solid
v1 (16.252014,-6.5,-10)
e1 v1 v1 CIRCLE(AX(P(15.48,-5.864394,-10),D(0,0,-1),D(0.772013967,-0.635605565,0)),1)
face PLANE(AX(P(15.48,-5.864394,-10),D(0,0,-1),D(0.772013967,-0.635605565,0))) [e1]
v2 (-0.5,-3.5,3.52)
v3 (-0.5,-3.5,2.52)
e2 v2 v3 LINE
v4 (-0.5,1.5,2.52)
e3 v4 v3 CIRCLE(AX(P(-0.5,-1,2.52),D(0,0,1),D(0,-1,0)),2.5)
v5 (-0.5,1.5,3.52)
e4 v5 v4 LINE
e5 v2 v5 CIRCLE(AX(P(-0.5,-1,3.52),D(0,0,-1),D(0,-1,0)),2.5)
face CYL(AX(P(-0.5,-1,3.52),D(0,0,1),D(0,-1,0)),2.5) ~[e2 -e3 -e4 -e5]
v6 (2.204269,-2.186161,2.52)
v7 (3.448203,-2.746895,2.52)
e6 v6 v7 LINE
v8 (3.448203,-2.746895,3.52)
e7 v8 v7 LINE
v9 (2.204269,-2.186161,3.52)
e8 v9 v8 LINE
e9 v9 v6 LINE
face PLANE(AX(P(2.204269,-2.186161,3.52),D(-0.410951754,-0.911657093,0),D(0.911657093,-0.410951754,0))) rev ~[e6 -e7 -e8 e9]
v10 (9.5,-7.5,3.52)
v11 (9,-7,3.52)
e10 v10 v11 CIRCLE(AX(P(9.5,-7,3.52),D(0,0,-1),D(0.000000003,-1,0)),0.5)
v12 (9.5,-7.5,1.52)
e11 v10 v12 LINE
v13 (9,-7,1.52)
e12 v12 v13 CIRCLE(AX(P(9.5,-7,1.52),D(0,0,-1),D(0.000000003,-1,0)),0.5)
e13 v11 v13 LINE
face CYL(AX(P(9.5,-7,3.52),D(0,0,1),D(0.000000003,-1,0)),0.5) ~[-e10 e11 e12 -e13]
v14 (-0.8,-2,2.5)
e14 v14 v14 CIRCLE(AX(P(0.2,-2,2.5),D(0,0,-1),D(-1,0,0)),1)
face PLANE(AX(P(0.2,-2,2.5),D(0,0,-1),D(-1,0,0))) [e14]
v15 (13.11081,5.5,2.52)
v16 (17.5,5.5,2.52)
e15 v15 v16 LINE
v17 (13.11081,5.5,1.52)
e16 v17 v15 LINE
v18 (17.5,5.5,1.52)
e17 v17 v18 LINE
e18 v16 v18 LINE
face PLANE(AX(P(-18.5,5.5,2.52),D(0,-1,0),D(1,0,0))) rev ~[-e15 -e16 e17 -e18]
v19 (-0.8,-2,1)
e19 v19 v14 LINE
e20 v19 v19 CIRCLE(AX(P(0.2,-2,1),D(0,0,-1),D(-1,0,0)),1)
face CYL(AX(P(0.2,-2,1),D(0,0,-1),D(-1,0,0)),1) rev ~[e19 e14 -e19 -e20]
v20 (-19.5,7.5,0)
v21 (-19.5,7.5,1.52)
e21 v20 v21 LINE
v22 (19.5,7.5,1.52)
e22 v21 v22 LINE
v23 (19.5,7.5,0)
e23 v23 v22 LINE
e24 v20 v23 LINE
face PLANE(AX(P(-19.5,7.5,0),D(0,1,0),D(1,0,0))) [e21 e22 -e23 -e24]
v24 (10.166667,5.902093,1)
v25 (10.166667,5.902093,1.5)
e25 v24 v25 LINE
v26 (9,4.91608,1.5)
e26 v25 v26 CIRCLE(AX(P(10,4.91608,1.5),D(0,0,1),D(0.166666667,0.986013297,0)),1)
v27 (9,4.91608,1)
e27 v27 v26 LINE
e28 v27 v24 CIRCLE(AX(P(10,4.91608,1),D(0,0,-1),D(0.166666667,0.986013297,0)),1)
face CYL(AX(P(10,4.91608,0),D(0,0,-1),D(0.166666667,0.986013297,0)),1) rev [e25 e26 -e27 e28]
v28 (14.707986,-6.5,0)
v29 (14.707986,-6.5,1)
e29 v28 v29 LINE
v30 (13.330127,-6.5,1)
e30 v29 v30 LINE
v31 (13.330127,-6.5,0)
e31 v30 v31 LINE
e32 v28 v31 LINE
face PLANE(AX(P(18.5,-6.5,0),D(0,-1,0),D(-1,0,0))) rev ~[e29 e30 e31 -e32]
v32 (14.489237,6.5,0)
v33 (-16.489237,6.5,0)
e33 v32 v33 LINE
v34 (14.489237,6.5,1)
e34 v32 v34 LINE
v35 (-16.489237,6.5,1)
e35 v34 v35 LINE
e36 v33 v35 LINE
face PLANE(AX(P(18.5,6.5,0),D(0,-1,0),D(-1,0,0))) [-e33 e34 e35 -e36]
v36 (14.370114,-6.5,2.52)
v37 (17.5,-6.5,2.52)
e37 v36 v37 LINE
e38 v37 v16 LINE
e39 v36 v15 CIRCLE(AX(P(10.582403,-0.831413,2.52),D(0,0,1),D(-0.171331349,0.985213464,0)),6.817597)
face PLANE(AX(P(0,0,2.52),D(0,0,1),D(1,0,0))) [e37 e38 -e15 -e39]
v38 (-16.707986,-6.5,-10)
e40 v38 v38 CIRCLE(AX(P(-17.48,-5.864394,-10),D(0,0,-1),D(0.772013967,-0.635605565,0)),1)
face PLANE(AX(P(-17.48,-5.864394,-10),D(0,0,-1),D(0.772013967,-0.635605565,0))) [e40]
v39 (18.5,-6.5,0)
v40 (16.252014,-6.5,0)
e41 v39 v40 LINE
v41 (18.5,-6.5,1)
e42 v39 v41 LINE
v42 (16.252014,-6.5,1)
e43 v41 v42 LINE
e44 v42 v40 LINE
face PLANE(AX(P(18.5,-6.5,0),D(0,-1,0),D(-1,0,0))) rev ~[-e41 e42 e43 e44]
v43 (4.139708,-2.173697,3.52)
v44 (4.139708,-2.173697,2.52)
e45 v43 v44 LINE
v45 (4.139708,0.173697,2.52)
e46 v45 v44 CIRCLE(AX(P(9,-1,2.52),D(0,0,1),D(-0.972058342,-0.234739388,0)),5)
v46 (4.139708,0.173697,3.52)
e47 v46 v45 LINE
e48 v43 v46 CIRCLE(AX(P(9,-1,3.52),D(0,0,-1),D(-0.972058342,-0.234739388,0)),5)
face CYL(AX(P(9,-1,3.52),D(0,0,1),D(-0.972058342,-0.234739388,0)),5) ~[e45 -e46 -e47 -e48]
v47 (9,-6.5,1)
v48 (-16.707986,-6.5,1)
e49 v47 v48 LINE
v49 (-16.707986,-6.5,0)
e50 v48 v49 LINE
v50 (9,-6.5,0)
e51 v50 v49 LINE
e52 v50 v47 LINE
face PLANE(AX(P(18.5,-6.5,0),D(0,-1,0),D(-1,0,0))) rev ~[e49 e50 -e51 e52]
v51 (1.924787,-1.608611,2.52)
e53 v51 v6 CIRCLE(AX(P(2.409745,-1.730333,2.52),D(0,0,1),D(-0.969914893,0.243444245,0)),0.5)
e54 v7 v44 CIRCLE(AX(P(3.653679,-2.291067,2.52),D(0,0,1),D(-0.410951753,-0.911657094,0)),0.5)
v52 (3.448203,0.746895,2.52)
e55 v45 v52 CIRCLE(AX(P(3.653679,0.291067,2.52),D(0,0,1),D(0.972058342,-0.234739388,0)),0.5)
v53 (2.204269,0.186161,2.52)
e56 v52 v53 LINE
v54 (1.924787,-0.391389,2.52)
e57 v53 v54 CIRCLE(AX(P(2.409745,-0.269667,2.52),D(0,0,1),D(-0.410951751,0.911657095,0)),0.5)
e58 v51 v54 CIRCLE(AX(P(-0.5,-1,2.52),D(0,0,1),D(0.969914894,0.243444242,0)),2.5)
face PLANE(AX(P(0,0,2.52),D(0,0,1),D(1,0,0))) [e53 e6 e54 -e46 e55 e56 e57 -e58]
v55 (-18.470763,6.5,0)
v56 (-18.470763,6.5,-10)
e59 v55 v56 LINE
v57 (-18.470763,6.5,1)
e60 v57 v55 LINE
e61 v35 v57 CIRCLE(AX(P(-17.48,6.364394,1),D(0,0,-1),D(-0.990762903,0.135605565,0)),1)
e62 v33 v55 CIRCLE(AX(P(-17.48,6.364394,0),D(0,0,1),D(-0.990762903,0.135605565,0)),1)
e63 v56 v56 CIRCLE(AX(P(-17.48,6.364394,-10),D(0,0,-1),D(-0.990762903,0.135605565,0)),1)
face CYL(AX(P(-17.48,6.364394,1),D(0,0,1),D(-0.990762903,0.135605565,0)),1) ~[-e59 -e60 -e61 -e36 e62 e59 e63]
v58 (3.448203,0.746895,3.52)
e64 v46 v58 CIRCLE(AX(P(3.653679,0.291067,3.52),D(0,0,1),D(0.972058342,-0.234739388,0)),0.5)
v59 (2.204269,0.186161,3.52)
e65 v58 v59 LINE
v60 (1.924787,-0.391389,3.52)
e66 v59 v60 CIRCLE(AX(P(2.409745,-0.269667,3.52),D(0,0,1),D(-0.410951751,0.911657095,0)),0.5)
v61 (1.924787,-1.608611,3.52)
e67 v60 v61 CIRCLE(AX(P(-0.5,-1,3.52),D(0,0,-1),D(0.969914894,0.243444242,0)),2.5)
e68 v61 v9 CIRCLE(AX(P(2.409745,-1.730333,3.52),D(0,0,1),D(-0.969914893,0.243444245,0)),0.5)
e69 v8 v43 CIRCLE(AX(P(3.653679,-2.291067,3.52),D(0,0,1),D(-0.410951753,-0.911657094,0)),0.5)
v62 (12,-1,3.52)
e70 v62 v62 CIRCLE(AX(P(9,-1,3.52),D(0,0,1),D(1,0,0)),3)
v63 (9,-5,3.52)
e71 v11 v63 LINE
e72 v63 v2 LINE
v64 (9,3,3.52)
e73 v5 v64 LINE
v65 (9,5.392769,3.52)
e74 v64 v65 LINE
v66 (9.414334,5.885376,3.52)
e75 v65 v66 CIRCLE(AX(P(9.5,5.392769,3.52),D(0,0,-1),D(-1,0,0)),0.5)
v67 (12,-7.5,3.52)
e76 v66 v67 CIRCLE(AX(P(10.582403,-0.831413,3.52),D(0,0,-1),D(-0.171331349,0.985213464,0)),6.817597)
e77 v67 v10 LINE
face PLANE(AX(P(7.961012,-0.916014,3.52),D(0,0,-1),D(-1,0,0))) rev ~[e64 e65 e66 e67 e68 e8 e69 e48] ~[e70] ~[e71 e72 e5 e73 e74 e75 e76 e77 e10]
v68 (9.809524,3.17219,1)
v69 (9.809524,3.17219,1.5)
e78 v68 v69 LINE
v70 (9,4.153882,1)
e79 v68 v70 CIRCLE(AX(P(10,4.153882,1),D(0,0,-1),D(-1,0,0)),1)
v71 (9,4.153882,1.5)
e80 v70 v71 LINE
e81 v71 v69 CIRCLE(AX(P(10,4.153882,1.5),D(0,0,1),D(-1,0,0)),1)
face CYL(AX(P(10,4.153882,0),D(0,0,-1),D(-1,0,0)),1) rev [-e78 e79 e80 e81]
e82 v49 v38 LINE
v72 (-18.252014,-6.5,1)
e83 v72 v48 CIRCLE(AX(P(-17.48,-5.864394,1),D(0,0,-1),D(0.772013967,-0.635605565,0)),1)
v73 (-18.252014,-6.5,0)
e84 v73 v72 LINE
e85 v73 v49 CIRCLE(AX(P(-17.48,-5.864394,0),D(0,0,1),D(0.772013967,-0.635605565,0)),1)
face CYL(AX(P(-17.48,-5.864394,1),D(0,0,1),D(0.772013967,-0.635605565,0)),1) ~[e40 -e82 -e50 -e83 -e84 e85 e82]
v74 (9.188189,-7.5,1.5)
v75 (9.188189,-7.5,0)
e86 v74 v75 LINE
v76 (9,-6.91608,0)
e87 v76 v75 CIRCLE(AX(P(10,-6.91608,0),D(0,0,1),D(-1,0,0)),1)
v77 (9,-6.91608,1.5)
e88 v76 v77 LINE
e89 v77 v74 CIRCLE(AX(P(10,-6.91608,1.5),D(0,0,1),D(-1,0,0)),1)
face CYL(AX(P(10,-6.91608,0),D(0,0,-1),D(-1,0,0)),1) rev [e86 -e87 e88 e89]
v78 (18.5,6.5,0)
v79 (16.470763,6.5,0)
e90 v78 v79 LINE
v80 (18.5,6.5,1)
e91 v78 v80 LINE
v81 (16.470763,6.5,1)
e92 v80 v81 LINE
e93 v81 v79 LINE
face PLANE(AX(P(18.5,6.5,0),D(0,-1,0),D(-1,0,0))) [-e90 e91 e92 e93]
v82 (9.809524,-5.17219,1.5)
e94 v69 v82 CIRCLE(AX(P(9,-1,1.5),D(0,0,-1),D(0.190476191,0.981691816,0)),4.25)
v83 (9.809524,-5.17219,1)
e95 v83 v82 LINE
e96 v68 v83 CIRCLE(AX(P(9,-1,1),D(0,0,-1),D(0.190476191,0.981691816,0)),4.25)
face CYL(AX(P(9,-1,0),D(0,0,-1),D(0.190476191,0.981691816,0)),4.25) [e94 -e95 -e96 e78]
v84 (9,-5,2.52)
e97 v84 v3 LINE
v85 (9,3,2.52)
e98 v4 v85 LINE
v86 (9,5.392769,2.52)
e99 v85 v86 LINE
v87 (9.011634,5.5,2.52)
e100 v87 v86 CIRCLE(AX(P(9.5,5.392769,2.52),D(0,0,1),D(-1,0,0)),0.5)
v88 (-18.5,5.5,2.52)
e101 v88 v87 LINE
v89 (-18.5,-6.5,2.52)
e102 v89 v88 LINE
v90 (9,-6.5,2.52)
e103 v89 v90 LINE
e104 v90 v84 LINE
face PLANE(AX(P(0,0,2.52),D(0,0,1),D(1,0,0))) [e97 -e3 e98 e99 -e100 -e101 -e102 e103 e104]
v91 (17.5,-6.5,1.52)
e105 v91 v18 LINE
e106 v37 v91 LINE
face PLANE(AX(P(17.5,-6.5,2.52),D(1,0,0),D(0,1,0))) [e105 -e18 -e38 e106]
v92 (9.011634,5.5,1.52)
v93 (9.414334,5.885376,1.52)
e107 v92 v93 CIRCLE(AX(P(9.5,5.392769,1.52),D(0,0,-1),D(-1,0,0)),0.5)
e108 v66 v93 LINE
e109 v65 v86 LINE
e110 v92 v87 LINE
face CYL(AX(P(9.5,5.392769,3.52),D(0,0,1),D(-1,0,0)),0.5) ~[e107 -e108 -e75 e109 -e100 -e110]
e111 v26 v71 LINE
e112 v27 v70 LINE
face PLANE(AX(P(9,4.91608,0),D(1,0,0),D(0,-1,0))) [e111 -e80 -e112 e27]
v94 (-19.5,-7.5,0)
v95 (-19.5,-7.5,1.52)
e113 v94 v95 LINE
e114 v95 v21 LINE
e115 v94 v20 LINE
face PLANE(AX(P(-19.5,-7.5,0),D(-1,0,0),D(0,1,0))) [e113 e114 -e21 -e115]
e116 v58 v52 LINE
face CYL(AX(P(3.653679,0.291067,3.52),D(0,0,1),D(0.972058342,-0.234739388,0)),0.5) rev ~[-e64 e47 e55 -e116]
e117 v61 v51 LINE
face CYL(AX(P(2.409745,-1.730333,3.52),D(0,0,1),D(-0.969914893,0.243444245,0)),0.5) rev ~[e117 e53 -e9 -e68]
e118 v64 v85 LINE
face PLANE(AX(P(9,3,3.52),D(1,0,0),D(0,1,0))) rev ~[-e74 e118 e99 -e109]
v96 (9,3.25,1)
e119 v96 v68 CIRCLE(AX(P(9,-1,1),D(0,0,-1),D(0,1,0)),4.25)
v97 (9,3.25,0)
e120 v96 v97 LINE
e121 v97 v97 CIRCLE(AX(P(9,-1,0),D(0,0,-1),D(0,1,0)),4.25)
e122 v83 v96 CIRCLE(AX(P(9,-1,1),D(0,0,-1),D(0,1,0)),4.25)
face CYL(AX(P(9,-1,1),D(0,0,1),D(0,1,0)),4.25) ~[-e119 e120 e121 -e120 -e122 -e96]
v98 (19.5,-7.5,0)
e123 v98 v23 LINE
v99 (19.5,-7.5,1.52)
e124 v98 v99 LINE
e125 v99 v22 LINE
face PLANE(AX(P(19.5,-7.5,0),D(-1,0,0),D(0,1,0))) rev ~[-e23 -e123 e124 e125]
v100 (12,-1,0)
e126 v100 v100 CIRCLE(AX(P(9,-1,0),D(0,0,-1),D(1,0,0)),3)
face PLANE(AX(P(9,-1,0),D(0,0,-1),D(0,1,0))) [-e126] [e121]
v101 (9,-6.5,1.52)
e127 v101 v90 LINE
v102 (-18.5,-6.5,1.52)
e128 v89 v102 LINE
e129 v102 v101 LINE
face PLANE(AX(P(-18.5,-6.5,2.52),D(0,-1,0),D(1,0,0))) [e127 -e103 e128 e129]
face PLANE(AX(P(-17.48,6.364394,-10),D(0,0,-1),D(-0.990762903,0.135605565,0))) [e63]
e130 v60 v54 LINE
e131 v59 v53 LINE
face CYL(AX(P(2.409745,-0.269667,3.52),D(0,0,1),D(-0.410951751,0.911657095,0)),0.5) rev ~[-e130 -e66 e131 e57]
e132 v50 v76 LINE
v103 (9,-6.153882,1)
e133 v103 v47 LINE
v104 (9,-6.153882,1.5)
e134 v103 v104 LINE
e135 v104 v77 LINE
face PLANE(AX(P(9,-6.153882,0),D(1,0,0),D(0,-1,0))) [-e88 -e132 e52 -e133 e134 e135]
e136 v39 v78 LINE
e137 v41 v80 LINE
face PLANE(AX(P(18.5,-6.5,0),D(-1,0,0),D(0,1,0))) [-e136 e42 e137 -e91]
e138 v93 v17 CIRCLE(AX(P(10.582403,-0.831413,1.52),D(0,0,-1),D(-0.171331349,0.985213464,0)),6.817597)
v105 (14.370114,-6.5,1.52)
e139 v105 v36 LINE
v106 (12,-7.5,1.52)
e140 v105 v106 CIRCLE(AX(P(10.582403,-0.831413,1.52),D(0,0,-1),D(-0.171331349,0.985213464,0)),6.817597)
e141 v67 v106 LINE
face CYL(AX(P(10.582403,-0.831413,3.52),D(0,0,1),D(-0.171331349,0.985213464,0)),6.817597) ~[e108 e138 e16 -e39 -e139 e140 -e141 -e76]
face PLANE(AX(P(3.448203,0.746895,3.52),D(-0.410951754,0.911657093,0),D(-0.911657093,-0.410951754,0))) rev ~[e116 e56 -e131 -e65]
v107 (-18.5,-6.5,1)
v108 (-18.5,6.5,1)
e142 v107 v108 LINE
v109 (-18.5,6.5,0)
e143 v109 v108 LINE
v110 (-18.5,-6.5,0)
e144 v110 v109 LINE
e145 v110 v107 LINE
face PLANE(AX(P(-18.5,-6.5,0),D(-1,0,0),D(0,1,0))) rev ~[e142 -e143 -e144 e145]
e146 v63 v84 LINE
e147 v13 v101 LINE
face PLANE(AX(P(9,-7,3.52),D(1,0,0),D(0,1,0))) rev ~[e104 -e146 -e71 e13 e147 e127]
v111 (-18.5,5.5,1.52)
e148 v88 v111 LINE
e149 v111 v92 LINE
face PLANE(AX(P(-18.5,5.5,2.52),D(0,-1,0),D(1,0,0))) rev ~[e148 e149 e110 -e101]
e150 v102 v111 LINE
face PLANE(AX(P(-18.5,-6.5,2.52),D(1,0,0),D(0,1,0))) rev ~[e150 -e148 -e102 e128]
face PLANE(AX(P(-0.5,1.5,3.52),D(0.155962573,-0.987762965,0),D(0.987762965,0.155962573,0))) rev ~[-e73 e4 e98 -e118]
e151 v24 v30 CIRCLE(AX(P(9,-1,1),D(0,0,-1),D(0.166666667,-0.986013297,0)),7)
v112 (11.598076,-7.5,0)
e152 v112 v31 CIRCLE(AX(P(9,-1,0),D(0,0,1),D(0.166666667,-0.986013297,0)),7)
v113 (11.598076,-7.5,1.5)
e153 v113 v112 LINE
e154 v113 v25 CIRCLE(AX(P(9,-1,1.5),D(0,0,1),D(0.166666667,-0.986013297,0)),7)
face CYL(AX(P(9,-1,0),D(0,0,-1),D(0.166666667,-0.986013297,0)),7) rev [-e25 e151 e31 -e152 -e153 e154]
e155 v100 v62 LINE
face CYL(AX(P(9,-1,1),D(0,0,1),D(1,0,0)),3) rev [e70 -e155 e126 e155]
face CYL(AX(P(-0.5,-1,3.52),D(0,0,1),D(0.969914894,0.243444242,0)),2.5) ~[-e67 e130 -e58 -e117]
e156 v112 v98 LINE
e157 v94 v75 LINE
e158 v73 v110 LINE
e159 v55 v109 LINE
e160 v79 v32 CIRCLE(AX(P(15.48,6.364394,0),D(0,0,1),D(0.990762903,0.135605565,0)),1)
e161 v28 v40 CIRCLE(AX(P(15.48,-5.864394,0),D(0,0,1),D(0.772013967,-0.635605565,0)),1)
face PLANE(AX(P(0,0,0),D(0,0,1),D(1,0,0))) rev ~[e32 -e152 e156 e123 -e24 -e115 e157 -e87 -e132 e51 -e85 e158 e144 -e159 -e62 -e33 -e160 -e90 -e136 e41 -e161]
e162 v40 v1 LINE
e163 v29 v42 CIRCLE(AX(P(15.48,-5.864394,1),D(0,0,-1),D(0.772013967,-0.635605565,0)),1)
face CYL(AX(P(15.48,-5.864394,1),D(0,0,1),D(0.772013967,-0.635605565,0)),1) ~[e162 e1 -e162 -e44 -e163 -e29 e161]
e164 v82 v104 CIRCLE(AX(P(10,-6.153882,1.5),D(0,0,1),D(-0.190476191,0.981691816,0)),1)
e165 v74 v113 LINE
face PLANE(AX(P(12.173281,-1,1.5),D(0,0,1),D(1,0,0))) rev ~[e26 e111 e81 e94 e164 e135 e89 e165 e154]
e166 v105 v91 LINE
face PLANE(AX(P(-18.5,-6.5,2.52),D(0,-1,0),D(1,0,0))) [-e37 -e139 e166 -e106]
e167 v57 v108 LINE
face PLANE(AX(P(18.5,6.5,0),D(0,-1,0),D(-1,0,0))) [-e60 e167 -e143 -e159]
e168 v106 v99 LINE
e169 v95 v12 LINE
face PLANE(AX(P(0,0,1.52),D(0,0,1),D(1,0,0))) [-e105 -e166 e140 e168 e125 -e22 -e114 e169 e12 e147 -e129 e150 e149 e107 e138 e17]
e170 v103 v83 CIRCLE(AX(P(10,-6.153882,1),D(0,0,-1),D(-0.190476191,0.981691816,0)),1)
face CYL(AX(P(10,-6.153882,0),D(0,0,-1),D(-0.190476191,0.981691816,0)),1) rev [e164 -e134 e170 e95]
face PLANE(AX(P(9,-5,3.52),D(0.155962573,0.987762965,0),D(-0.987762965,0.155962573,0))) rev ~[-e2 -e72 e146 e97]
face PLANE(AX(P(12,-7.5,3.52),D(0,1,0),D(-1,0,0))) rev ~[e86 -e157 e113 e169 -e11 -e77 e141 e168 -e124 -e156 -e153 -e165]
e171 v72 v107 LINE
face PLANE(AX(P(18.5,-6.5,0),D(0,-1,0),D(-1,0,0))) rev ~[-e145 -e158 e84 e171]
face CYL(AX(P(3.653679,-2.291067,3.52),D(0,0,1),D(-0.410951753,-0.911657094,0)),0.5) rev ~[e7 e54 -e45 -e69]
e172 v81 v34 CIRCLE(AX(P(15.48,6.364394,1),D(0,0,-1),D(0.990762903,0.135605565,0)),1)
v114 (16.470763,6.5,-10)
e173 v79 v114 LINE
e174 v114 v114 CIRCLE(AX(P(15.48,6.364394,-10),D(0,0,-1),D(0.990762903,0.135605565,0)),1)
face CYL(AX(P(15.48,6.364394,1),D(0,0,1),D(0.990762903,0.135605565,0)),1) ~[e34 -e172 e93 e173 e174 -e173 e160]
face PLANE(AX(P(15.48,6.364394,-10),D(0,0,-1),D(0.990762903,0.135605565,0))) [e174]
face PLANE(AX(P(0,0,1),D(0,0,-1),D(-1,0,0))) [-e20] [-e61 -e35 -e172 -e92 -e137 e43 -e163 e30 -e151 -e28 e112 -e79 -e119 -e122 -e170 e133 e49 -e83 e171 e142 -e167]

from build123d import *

# Parameters (mm, degrees)
SCHIZZO1_W                   = 39
SCHIZZO1_H                   = 15
ESTRUSIONE_ESTRUSIONE1_DEPTH = 2.52
SCHIZZO2_W                   = 39
SCHIZZO2_H                   = 15
SCHIZZO2_W_2                 = 36
SCHIZZO2_H_2                 = 12
TAGLIO_ESTRUSIONE1_DEPTH     = 1
TAGLIO_ESTRUSIONE2_REACH     = 23.044
SCHIZZO3_R                   = 3
ESTRUSIONE_ESTRUSIONE2_START = 1
SCHIZZO4_R                   = 3
ESTRUSIONE_ESTRUSIONE2_DEPTH = 2
SCHIZZO5_W                   = 37
SCHIZZO5_H                   = 13
TAGLIO_ESTRUSIONE4_DEPTH     = 1
TAGLIO_ESTRUSIONE9_DEPTH     = 1.5
ESTRUSIONE_ESTRUSIONE3_START = -1
SCHIZZO11_R                  = 1
ESTRUSIONE_ESTRUSIONE3_DEPTH = 11
SCHIZZO12_R                  = 1
TAGLIO_ESTRUSIONE10_DEPTH    = 1.5
SCHIZZO13_R                  = 4.25
SCHIZZO13_R_2                = 3
ESTRUSIONE_ESTRUSIONE4_DEPTH = 1


with BuildPart() as part:
    # Schizzo1 → Estrusione-Estrusione1 (new body)
    with BuildSketch(Plane.XY):
        Rectangle(SCHIZZO1_W, SCHIZZO1_H)
    extrude(amount=ESTRUSIONE_ESTRUSIONE1_DEPTH)

    # Schizzo2 → Taglio-Estrusione1 (cut)
    with BuildSketch(Plane.XY.offset(2.52)):
        Rectangle(SCHIZZO2_W, SCHIZZO2_H)
        with Locations((-0.5, -0.5)):
            Rectangle(SCHIZZO2_W_2, SCHIZZO2_H_2, mode=Mode.SUBTRACT)
    extrude(amount=-TAGLIO_ESTRUSIONE1_DEPTH, mode=Mode.SUBTRACT)

    # Schizzo3 → Taglio-Estrusione2 (cut, up to next)
    with BuildSketch(Plane.XY.offset(2.52), mode=Mode.PRIVATE) as taglio_estrusione2_sk1:
        with Locations((9, -1)):
            Circle(SCHIZZO3_R)
    taglio_estrusione2_tool1 = extrude(taglio_estrusione2_sk1.sketch, amount=-TAGLIO_ESTRUSIONE2_REACH, mode=Mode.PRIVATE) & part.part
    add(taglio_estrusione2_tool1.solids().sort_by_distance((9, -1, 2.52))[0], mode=Mode.SUBTRACT)

    # Schizzo4 → Estrusione-Estrusione2 (add)
    with BuildSketch(Plane.XY.offset(2.52).offset(ESTRUSIONE_ESTRUSIONE2_START)):
        with BuildLine():
            Line((-0.5, 1.5), (9, 3))
            Line((9, 3), (9, 5.392769143))
            ThreePointArc((9, 5.392769143), (9.117356016, 5.714613176), (9.414334326, 5.885375875))
            ThreePointArc((9.414334326, 5.885375875), (17.276253266, 0.461644492), (12, -7.5))
            Line((12, -7.5), (9.5, -7.5))
            ThreePointArc((9.5, -7.5), (9.146446609, -7.353553391), (9, -7))
            Line((9, -7), (9, -5))
            Line((9, -5), (-0.5, -3.5))
            ThreePointArc((-0.5, -3.5), (-3, -1), (-0.5, 1.5))
        make_face()
        with Locations((9, -1)):
            Circle(SCHIZZO4_R, mode=Mode.SUBTRACT)
        with BuildLine():
            Line((3.448203243, 0.746895178), (2.204268804, 0.186161276))
            ThreePointArc((2.204268804, 0.186161276), (1.959671645, -0.051873187), (1.924787234, -0.391389392))
            ThreePointArc((1.924787234, -0.391389392), (2, -1), (1.924787234, -1.608610608))
            ThreePointArc((1.924787234, -1.608610608), (1.959671645, -1.948126813), (2.204268804, -2.186161276))
            Line((2.204268804, -2.186161276), (3.448203243, -2.746895178))
            ThreePointArc((3.448203243, -2.746895178), (3.972766245, -2.67601261), (4.139708291, -2.173696937))
            ThreePointArc((4.139708291, -2.173696937), (4, -1), (4.139708291, 0.173696937))
            ThreePointArc((4.139708291, 0.173696937), (3.972766245, 0.67601261), (3.448203243, 0.746895178))
        make_face(mode=Mode.SUBTRACT)
    extrude(amount=-ESTRUSIONE_ESTRUSIONE2_DEPTH)

    # Schizzo5 → Taglio-Estrusione4 (cut)
    with BuildSketch(Plane(origin=(0, 0, 0), x_dir=(-1, 0, 0), z_dir=(0, 0, -1))):
        Rectangle(SCHIZZO5_W, SCHIZZO5_H)
    extrude(amount=-TAGLIO_ESTRUSIONE4_DEPTH, mode=Mode.SUBTRACT)

    # Schizzo6 → Taglio-Estrusione9 (cut)
    with BuildSketch(Plane(origin=(0, 0, 0), x_dir=(-1, 0, 0), z_dir=(0, 0, -1))):
        with BuildLine():
            Line((-9, 4.916079783), (-9, 4.153882032))
            ThreePointArc((-9, 4.153882032), (-9.22848325, 3.517673022), (-9.80952381, 3.172190216))
            ThreePointArc((-9.80952381, 3.172190216), (-13.25, -1), (-9.80952381, -5.172190216))
            ThreePointArc((-9.80952381, -5.172190216), (-9.22848325, -5.517673022), (-9, -6.153882032))
            Line((-9, -6.153882032), (-9, -6.916079783))
            ThreePointArc((-9, -6.916079783), (-9.354502776, -7.679842399), (-10.166666667, -7.90209308))
            ThreePointArc((-10.166666667, -7.90209308), (-16, -1), (-10.166666667, 5.90209308))
            ThreePointArc((-10.166666667, 5.90209308), (-9.354502776, 5.679842399), (-9, 4.916079783))
        make_face()
    extrude(amount=-TAGLIO_ESTRUSIONE9_DEPTH, mode=Mode.SUBTRACT)

    # Schizzo11 → Estrusione-Estrusione3 (add)
    with BuildSketch(Plane(origin=(0, 0, 0), x_dir=(-1, 0, 0), z_dir=(0, 0, -1)).offset(ESTRUSIONE_ESTRUSIONE3_START)):
        with Locations(Location((-15.48, -5.864394435, 0), (0, 0, 219.464912598))):
            Circle(SCHIZZO11_R)
        with Locations(Location((-15.48, 6.364394435, 0), (0, 0, 172.206361755))):
            Circle(SCHIZZO11_R)
        with Locations(Location((17.48, 6.364394435, 0), (0, 0, 7.793638245))):
            Circle(SCHIZZO11_R)
        with Locations(Location((17.48, -5.864394435, 0), (0, 0, 219.464912598))):
            Circle(SCHIZZO11_R)
    extrude(amount=ESTRUSIONE_ESTRUSIONE3_DEPTH)

    # Schizzo12 → Taglio-Estrusione10 (cut)
    with BuildSketch(Plane(origin=(0, 0, 1), x_dir=(-1, 0, 0), z_dir=(0, 0, -1))):
        with Locations((-0.2, -2)):
            Circle(SCHIZZO12_R)
    extrude(amount=-TAGLIO_ESTRUSIONE10_DEPTH, mode=Mode.SUBTRACT)

    # Schizzo13 → Estrusione-Estrusione4 (add)
    with BuildSketch(Plane(origin=(0, 0, 1), x_dir=(-1, 0, 0), z_dir=(0, 0, -1))):
        with Locations(Location((-9, -1, 0), (0, 0, 90))):
            Circle(SCHIZZO13_R)
        with Locations(Location((-9, -1, 0), (0, 0, 180))):
            Circle(SCHIZZO13_R_2, mode=Mode.SUBTRACT)
    extrude(amount=ESTRUSIONE_ESTRUSIONE4_DEPTH)


solid = part.part
